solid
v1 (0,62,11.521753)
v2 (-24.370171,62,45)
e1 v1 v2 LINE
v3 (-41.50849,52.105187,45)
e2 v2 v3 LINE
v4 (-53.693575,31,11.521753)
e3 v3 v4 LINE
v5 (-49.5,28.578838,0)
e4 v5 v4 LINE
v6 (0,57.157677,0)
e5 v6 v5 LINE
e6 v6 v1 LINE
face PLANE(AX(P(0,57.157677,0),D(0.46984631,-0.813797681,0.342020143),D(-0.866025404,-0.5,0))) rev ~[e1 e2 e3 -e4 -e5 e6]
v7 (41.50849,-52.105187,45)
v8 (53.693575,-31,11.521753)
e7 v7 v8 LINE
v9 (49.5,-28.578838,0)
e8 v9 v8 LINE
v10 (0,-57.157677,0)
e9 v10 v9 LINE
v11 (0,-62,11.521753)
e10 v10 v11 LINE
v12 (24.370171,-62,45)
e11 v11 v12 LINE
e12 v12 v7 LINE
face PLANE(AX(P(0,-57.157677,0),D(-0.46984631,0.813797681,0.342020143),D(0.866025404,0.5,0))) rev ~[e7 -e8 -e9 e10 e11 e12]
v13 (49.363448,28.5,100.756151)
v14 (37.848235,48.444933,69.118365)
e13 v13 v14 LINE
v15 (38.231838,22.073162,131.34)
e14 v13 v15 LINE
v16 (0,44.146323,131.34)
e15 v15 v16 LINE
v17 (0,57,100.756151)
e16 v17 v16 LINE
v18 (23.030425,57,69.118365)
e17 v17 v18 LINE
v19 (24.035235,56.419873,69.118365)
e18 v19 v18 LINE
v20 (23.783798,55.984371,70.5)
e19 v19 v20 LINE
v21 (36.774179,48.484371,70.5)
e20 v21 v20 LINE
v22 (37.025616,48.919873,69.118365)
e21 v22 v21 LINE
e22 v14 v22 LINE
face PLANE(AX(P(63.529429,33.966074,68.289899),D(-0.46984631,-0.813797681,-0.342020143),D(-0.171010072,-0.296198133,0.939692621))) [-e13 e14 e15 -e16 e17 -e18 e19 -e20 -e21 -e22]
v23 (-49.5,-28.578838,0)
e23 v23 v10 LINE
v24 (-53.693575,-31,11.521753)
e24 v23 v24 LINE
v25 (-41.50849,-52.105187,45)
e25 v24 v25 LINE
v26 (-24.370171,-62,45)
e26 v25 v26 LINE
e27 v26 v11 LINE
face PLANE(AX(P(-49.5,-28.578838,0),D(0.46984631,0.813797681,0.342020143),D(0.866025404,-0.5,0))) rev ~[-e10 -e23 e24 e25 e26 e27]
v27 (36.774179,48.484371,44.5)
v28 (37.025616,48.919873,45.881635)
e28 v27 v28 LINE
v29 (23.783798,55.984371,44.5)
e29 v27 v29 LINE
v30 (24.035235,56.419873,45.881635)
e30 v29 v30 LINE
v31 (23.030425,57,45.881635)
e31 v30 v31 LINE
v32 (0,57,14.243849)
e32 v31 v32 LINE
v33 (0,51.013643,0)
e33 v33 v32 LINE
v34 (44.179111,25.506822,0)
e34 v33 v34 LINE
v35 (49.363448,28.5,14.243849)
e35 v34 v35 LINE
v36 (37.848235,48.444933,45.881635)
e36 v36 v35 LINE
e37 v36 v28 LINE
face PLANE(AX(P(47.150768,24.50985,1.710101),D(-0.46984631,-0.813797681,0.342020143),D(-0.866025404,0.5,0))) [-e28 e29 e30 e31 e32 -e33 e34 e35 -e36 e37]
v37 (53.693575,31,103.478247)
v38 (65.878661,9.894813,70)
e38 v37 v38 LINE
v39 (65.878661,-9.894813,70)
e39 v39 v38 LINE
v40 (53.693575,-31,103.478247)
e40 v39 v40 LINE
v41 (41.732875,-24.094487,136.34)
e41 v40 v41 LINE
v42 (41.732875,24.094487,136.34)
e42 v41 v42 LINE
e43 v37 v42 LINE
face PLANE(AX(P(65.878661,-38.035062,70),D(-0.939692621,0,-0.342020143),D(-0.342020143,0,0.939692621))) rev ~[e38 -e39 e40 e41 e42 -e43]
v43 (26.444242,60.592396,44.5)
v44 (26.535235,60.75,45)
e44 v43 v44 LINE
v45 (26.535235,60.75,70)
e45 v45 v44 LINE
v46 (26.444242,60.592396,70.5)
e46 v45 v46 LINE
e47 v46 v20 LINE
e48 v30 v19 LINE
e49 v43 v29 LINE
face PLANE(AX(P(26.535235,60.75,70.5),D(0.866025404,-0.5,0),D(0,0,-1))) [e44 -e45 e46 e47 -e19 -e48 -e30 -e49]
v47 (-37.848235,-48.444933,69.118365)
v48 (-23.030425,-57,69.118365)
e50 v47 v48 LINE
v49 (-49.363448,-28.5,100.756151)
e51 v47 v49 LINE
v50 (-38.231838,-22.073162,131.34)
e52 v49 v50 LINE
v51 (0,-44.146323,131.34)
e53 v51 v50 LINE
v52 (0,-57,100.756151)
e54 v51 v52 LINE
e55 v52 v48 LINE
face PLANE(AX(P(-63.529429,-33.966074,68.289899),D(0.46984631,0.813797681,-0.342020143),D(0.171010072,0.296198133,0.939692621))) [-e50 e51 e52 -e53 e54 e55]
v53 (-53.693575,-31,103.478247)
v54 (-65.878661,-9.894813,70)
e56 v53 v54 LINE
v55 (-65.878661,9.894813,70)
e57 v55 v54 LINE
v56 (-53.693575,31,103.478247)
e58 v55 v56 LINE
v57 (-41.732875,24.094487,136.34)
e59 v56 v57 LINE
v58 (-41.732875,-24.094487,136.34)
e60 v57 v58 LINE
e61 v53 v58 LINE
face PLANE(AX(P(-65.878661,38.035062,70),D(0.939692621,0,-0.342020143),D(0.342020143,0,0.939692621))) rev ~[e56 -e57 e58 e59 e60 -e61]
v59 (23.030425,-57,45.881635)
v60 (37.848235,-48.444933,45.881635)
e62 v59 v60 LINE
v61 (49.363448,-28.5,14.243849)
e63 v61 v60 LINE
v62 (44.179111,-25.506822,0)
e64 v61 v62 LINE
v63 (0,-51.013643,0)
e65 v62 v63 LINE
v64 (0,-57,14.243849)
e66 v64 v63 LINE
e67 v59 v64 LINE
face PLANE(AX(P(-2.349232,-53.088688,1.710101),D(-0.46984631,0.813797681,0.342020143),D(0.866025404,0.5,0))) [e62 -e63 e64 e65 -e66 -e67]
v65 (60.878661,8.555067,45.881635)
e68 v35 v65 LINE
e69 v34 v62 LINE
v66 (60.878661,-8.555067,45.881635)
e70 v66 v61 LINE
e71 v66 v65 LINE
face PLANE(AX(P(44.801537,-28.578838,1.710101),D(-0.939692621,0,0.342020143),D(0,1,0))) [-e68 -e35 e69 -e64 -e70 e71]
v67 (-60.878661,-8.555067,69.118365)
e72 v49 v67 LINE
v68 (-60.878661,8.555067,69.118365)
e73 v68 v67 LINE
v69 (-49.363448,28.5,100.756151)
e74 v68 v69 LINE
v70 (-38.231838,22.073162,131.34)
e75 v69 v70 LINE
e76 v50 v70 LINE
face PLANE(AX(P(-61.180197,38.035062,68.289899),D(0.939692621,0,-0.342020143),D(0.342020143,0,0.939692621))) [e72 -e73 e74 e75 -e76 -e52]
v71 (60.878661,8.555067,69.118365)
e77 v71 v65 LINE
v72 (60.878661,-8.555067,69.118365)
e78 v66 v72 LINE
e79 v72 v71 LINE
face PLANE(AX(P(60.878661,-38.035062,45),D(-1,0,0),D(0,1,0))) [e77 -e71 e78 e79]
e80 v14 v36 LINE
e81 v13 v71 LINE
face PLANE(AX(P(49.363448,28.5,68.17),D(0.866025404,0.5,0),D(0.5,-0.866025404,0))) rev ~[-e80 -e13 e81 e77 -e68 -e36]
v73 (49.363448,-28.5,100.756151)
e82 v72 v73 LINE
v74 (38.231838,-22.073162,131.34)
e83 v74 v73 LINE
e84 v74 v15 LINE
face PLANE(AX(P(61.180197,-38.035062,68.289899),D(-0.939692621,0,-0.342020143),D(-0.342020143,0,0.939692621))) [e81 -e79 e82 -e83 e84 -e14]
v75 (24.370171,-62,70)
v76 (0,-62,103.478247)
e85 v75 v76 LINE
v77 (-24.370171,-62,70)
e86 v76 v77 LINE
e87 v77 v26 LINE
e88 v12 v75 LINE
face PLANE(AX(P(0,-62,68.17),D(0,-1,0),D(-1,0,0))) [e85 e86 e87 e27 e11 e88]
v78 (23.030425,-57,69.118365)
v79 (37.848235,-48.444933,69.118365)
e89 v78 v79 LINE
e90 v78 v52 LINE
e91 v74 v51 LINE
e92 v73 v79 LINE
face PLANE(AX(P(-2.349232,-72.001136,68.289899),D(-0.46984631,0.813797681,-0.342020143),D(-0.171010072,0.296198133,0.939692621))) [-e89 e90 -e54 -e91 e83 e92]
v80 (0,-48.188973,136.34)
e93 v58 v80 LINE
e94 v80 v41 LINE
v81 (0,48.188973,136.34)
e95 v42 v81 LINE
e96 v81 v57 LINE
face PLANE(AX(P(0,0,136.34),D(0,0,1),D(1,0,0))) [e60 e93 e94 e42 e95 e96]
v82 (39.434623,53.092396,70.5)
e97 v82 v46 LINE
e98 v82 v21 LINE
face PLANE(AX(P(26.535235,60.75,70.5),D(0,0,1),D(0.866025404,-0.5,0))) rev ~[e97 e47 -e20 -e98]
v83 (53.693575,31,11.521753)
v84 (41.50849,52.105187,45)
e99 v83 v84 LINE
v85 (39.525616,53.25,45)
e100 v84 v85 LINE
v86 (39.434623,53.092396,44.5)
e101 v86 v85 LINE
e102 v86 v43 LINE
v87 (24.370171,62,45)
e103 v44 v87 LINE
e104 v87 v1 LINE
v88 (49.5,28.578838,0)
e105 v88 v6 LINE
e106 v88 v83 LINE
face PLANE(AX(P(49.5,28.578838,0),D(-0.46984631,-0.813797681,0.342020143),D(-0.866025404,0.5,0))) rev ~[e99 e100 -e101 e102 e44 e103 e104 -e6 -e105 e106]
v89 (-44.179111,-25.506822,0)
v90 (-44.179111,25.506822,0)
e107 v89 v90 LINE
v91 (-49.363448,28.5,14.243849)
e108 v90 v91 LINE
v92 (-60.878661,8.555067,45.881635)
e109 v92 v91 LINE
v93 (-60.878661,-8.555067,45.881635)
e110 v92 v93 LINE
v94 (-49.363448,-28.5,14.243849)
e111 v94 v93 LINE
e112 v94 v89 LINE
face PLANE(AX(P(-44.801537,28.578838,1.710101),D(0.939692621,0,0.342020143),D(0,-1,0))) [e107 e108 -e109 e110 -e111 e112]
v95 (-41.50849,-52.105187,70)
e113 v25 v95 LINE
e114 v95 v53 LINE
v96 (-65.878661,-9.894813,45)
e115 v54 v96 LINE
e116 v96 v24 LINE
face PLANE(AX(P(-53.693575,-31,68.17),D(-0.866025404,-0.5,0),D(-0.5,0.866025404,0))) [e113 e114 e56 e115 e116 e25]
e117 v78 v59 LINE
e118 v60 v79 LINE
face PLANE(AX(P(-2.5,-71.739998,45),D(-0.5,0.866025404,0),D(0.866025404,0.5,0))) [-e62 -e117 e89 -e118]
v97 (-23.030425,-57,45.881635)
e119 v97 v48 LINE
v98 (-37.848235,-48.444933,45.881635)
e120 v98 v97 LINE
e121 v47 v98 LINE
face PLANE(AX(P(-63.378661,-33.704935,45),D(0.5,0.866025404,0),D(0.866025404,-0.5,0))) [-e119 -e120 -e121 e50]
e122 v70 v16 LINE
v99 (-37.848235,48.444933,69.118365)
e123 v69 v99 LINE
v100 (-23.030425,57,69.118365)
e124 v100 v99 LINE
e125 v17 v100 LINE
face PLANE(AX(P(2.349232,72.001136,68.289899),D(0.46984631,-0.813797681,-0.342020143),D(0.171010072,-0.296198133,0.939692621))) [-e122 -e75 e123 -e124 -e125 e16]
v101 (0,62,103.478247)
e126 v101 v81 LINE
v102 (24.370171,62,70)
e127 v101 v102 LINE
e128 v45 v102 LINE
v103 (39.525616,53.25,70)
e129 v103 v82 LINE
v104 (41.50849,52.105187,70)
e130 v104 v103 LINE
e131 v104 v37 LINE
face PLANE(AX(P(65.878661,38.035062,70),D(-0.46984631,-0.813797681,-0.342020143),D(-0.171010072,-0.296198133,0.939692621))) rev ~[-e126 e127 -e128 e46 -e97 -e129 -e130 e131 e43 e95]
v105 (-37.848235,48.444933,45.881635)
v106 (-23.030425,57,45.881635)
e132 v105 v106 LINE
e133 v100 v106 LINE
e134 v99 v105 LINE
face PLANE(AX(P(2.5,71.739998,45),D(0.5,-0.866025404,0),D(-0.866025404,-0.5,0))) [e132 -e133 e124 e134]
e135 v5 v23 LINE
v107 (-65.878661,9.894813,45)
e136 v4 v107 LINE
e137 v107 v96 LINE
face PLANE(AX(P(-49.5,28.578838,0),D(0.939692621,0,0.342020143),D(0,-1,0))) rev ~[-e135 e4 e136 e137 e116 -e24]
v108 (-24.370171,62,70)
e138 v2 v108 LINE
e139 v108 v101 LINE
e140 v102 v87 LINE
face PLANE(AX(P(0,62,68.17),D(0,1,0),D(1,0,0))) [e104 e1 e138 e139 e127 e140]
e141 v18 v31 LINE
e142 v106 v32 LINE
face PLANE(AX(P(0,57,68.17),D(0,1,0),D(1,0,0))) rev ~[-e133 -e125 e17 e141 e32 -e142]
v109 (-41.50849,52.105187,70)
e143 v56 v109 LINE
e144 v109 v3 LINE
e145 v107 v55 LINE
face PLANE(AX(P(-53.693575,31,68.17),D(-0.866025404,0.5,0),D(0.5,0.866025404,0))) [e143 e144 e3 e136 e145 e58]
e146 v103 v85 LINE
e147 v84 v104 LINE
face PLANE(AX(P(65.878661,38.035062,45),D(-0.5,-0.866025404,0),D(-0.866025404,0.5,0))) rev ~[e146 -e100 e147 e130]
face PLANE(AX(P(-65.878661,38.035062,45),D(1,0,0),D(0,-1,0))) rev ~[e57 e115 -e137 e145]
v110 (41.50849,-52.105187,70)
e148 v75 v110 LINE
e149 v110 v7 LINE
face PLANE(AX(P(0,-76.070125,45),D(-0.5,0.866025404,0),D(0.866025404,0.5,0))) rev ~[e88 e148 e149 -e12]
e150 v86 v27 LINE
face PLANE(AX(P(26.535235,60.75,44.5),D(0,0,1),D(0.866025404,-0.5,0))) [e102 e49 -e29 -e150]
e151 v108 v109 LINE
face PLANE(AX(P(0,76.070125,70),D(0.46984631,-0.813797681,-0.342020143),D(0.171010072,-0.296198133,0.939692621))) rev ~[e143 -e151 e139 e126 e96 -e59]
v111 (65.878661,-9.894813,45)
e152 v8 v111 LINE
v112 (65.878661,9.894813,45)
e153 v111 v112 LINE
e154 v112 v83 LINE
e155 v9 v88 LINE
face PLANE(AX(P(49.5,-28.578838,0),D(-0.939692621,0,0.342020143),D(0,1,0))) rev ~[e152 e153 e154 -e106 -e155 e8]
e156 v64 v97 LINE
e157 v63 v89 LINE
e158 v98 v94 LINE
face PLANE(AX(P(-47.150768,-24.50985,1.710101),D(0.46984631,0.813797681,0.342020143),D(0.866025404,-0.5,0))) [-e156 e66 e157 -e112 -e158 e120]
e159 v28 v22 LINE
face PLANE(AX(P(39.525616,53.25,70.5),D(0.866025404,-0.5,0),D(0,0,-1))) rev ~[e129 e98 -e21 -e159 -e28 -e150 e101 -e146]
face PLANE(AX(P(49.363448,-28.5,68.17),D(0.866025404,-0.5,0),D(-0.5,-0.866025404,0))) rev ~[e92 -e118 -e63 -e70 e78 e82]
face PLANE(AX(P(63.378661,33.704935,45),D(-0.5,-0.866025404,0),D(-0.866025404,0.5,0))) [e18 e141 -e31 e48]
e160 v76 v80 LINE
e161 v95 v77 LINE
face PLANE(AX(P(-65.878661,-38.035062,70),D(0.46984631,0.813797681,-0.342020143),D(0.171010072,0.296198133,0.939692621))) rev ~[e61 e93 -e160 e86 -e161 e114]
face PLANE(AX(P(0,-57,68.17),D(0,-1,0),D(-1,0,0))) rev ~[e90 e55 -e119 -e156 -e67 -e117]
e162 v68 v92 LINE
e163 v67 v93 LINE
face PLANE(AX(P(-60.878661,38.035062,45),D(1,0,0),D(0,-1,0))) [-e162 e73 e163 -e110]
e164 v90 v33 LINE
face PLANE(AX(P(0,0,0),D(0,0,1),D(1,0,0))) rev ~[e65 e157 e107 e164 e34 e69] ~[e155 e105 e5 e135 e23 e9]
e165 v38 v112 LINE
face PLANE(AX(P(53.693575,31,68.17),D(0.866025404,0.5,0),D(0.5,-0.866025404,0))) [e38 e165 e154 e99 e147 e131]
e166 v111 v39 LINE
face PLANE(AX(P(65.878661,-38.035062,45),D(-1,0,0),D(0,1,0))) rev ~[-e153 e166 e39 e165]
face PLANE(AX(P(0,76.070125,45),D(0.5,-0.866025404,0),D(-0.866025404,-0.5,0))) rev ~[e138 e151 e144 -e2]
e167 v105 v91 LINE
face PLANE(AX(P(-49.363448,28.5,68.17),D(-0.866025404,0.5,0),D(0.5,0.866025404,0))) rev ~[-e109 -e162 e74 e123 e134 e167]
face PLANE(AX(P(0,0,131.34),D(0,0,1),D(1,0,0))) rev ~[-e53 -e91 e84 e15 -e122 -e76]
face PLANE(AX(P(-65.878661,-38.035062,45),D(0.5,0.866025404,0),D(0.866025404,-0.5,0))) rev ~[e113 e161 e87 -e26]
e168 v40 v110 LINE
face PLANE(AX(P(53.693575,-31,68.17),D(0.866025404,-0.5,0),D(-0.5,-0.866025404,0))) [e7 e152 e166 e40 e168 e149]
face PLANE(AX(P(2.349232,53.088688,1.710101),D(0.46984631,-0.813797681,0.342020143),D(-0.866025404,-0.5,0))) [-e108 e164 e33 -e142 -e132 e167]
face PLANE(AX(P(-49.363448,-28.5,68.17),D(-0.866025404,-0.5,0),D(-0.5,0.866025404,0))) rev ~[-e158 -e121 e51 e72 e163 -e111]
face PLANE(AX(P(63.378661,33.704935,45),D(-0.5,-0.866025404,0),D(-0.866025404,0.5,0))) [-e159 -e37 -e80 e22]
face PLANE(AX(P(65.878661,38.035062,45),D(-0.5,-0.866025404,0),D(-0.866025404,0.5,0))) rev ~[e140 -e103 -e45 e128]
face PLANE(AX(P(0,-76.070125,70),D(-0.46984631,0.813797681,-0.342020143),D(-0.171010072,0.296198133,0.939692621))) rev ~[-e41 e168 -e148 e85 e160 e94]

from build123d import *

# Parameters (mm, degrees)
BOSS_EXTRUDE1_DEPTH = 45
BOSS_EXTRUDE1_DRAFT = -20
BOSS_EXTRUDE3_DEPTH = 25
BOSS_EXTRUDE4_DEPTH = 66.34
BOSS_EXTRUDE4_TAPER = 20
SKETCH5_W           = 60
SKETCH5_H           = 136.34
CUT_EXTRUDE4_DEPTH  = 15
CIRPATTERN1_COUNT   = 6
SHELL1_T            = -5
SKETCH6_W           = 15
SKETCH6_H           = 26
CUT_EXTRUDE5_DEPTH  = 10


with BuildPart() as part:
    # Sketch1 → Boss-Extrude1 (with draft: the straight prism first)
    with BuildSketch(Plane.XY):
        Polygon((0, 57.15767665), (-49.5, 28.578838325), (-49.5, -28.578838325), (0, -57.15767665), (49.5, -28.578838325), (49.5, 28.578838325), align=None)
    extrude(amount=BOSS_EXTRUDE1_DEPTH)
    # Boss-Extrude1: the draft: its side faces are tilted about the plane it starts from
    boss_extrude1_sides = [part.faces().sort_by_distance(p)[0] for p in [
        (-24.75, 42.868257487, 22.5),
        (-49.5, 0, 22.5),
        (-24.75, -42.868257487, 22.5),
        (24.75, -42.868257487, 22.5),
        (49.5, 0, 22.5),
        (24.75, 42.868257487, 22.5),
    ]]
    draft(boss_extrude1_sides, Plane.XY, BOSS_EXTRUDE1_DRAFT)

    # Sketch3 → Boss-Extrude3 (add)
    with BuildSketch(Plane.XY.offset(45)):
        Polygon((0, -76.070124796), (65.878660542, -38.035062398), (65.878660542, 38.035062398), (0, 76.070124796), (-65.878660542, 38.035062398), (-65.878660542, -38.035062398), align=None)
    extrude(amount=BOSS_EXTRUDE3_DEPTH)

    # Sketch4 → Boss-Extrude4 (add)
    with BuildSketch(Plane.XY.offset(70)):
        Polygon((65.878660542, -38.035062398), (65.878660542, 38.035062398), (0, 76.070124796), (-65.878660542, 38.035062398), (-65.878660542, -38.035062398), (0, -76.070124796), align=None)
    extrude(amount=BOSS_EXTRUDE4_DEPTH, taper=BOSS_EXTRUDE4_TAPER)

    # Sketch5 → Cut-Extrude4 (cut)
    with BuildSketch(Plane(origin=(0, 77, 0), x_dir=(1, 0, 0), z_dir=(0, 1, 0))):
        with Locations((0, -68.17)):
            Rectangle(SKETCH5_W, SKETCH5_H)
    cut_extrude4 = extrude(amount=-CUT_EXTRUDE4_DEPTH, mode=Mode.SUBTRACT)

    # CirPattern1: Cut-Extrude4 ×6 about axis
    cirpattern1_axis = Axis((0, 0, 0), (0, 0, 1))
    for i in range(1, CIRPATTERN1_COUNT):
        add(cut_extrude4.rotate(cirpattern1_axis, i * 360 / CIRPATTERN1_COUNT), mode=Mode.SUBTRACT)

    # Shell1
    shell1_openings = [part.faces().sort_by_distance(p)[0] for p in [
        (0, 0, 0),
    ]]
    offset(amount=SHELL1_T, openings=shell1_openings, kind=Kind.INTERSECTION)

    # Sketch6 → Cut-Extrude5 (cut)
    with BuildSketch(Plane(origin=(32.939330271, 57.052593597, 0), x_dir=(0.8660254037844417, -0.49999999999999467, 0), z_dir=(0.49999999999999467, 0.8660254037844417, 0))):
        with Locations((0.105187193, -57.5)):
            Rectangle(SKETCH6_W, SKETCH6_H)
    extrude(amount=-CUT_EXTRUDE5_DEPTH, mode=Mode.SUBTRACT)


solid = part.part
